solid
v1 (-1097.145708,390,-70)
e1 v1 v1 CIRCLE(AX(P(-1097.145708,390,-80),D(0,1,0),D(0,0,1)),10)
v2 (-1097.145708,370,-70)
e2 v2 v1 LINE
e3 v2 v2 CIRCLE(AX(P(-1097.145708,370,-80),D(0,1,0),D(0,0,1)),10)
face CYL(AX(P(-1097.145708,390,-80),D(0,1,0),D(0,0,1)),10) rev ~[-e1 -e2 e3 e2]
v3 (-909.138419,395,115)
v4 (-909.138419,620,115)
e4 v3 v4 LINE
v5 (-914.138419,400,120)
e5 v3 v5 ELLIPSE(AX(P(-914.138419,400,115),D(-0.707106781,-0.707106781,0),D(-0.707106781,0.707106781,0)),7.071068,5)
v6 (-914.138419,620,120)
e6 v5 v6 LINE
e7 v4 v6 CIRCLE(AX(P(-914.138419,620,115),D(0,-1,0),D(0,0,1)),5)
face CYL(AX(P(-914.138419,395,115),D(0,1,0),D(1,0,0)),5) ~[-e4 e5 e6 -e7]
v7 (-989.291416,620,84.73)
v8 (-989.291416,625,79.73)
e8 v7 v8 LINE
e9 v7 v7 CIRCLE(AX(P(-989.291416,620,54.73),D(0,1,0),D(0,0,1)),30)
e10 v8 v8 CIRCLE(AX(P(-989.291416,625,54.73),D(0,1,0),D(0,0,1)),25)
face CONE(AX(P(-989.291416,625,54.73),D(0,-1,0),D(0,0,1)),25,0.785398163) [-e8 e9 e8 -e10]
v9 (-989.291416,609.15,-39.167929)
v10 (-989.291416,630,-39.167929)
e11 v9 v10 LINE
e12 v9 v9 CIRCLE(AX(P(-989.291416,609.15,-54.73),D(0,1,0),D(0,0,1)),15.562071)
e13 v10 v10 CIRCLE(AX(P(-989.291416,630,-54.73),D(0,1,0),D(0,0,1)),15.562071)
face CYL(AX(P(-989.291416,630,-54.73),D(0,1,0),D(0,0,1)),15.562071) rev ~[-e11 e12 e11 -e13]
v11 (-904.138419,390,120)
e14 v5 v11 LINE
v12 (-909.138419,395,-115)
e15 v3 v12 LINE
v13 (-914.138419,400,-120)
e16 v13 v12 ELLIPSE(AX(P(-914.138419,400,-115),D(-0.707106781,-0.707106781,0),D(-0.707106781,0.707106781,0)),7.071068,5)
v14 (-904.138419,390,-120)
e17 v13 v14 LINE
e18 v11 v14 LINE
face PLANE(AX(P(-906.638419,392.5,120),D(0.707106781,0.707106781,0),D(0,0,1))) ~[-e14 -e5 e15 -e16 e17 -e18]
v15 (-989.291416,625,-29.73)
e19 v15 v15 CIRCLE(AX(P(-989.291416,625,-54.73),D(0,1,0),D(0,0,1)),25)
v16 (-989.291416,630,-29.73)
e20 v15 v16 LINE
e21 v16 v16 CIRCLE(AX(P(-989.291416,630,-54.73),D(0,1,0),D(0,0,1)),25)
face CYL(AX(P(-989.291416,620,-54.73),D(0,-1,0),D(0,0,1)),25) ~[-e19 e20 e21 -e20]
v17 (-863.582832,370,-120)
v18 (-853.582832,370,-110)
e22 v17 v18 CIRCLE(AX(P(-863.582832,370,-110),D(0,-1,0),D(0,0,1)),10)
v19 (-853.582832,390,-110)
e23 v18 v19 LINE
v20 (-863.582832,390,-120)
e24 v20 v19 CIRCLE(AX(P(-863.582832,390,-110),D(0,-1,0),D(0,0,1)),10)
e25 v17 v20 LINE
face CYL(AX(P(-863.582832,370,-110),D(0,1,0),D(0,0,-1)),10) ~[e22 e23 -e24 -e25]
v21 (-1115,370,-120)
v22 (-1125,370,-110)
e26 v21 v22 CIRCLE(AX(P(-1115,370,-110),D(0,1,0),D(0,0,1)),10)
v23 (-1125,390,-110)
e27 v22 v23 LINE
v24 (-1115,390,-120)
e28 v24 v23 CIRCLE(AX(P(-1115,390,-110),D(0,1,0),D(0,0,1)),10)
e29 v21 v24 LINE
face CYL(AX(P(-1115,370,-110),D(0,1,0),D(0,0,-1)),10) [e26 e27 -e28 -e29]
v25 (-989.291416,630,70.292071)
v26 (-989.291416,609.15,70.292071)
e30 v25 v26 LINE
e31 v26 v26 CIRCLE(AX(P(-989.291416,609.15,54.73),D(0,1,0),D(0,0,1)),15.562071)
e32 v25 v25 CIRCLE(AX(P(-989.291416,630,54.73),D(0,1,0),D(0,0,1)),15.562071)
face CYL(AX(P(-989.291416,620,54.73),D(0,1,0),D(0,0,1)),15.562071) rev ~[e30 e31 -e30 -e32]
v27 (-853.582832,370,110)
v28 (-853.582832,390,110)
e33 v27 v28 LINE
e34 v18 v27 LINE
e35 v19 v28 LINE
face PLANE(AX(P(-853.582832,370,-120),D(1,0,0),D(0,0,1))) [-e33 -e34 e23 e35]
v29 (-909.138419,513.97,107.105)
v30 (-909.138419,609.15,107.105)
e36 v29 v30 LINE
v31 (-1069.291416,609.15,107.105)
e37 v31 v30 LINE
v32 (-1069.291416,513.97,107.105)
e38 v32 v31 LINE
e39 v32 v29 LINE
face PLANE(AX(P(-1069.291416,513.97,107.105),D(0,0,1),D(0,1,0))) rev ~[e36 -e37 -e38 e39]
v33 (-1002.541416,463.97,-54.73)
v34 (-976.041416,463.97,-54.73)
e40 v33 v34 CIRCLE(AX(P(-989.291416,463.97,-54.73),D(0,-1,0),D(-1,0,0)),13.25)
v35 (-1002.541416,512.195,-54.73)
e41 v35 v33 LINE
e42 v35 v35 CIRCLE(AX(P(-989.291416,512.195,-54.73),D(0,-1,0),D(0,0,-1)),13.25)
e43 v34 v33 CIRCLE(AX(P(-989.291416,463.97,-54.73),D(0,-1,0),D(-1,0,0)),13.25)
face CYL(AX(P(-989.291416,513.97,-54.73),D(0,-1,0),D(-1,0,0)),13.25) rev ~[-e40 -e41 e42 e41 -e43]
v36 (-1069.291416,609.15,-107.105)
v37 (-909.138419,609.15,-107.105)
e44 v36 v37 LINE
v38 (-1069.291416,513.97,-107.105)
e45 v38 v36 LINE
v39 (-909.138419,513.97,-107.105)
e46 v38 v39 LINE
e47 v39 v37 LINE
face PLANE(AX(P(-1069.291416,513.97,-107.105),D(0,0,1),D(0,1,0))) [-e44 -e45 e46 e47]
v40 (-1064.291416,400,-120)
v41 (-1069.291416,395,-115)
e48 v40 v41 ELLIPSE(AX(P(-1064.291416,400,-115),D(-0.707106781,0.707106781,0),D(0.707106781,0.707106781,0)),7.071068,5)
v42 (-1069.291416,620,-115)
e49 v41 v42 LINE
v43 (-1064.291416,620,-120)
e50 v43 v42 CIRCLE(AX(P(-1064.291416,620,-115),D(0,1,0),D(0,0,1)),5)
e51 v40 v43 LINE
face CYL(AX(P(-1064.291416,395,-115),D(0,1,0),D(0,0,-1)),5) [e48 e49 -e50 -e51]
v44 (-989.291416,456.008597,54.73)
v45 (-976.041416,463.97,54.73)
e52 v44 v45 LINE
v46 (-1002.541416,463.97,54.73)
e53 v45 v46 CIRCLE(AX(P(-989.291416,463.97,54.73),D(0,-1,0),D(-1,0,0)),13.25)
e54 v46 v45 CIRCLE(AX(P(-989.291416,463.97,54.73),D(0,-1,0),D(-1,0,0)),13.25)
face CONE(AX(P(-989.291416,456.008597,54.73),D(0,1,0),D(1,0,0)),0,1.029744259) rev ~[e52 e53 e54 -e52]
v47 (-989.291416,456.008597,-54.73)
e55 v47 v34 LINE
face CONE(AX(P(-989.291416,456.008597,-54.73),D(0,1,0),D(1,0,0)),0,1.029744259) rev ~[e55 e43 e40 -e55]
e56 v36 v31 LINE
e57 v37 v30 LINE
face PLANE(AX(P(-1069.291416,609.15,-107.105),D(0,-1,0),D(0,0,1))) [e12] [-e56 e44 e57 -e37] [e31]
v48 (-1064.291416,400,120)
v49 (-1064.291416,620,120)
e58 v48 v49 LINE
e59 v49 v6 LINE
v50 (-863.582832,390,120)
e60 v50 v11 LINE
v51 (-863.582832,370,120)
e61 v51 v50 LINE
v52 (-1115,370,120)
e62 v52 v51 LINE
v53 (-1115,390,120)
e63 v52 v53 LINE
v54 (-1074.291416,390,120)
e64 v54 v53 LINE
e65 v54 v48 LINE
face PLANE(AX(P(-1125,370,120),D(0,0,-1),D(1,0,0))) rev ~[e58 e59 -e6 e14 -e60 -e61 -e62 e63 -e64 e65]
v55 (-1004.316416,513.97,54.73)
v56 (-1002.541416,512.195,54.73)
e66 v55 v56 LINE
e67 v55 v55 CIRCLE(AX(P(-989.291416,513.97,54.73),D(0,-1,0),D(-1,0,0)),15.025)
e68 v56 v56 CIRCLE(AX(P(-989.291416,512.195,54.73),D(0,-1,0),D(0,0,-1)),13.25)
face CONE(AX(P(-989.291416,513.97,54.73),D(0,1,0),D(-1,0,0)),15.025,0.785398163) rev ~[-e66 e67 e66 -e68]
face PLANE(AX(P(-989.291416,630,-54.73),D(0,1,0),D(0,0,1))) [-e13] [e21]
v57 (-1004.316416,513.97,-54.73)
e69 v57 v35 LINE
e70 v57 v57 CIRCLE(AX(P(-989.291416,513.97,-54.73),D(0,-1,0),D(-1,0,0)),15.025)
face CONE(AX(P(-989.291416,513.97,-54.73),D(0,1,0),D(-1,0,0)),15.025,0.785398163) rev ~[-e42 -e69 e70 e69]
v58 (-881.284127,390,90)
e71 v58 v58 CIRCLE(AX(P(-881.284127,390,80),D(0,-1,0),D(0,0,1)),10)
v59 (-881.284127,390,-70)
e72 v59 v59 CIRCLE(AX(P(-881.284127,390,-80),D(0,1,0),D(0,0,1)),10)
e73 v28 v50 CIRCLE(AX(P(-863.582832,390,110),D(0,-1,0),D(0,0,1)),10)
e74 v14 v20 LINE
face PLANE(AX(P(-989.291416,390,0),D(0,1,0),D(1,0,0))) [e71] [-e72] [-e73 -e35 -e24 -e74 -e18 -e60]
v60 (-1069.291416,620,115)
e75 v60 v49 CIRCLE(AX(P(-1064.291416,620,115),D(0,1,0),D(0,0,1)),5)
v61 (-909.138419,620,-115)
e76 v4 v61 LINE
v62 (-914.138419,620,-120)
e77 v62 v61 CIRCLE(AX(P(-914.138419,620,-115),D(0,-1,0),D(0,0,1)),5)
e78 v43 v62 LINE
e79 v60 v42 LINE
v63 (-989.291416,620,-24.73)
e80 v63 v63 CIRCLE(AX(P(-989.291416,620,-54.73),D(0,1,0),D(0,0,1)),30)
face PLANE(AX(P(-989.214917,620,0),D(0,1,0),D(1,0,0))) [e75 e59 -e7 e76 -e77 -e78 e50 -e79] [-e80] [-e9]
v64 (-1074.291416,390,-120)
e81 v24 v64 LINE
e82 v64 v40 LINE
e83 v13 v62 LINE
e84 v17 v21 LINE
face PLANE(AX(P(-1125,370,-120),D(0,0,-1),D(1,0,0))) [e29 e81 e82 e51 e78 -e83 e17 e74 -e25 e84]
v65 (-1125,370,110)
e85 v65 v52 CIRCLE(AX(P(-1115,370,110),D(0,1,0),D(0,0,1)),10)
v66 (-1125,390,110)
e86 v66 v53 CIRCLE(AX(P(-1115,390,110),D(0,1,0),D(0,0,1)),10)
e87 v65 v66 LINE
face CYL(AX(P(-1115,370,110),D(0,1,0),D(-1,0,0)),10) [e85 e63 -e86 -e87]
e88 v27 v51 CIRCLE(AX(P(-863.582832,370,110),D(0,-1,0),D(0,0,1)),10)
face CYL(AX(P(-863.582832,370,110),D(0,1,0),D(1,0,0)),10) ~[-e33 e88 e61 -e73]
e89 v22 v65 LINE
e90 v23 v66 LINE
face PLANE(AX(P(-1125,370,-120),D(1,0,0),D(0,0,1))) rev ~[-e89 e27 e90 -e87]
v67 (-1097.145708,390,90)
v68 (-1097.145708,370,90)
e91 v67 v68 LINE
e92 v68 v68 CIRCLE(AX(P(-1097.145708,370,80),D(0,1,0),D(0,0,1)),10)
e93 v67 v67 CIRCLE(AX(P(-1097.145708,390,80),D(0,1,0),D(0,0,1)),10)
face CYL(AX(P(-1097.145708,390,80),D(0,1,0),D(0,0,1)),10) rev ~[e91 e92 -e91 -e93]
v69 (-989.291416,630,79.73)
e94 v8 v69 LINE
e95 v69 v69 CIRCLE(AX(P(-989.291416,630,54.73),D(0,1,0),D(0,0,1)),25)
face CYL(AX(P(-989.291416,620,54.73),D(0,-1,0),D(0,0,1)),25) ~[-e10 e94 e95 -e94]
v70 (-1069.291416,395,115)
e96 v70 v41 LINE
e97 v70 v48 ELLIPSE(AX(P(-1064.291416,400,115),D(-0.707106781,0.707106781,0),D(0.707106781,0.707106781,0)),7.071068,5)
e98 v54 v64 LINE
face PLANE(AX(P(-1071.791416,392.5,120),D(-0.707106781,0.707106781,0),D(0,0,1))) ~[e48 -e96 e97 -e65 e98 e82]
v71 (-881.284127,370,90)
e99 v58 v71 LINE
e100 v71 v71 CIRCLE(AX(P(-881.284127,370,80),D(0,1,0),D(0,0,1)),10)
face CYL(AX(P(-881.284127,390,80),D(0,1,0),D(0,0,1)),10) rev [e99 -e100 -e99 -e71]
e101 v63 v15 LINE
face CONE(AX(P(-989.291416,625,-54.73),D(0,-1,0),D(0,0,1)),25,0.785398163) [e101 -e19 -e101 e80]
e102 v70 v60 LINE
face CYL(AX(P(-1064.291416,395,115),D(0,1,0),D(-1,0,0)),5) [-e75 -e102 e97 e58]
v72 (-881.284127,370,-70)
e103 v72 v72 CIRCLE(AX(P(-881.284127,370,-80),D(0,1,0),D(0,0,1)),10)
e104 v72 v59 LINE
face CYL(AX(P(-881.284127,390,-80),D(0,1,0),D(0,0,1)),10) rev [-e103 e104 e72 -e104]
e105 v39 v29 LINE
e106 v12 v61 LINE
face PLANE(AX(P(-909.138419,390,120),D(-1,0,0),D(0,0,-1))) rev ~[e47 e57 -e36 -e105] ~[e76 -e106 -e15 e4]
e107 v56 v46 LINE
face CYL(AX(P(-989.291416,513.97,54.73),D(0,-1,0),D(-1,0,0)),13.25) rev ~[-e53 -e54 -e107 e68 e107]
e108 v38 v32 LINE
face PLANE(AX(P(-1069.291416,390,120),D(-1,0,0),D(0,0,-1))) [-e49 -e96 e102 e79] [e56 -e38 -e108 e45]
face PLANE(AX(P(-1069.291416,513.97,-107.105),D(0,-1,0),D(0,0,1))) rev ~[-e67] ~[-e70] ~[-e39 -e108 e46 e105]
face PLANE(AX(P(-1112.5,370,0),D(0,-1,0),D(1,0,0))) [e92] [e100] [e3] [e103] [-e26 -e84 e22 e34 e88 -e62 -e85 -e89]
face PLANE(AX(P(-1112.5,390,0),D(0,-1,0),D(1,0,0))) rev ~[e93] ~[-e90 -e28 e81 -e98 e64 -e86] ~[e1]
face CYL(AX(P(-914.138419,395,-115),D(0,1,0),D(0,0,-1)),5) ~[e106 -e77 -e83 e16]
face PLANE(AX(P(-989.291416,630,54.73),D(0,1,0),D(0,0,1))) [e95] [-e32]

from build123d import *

# Parameters (mm, degrees)
SKETCH_1_W                    = 221.417168307
SKETCH_1_H                    = 240
EXTRUDE_1_DEPTH               = 20
SKETCH_2_W                    = 160.152997215
SKETCH_2_H                    = 240
EXTRUDE_2_DEPTH               = 230
SKETCH_3_W                    = 214.21
SKETCH_3_H                    = 95.18
CUT_EXTRUDE_1_DEPTH           = 660.673983169
HOLE_WIZARD_M30_1_D           = 26.5
HOLE_WIZARD_M30_1_DEPTH       = 50
HOLE_WIZARD_M30_1_CSINK_D     = 30.05
HOLE_WIZARD_M30_1_CSINK_ANGLE = 90
HOLE_WIZARD_M30_1_TIP         = 7.961403202
SKETCH_11_R                   = 15.562071092
CUT_EXTRUDE_3_DEPTH           = 20
SKETCH_12_R                   = 25
EXTRUDE_3_DEPTH               = 10
SKETCH_13_R                   = 15.562071092
CUT_EXTRUDE_4_DEPTH           = 29.5
SKETCH_14_W                   = 25
SKETCH_14_H                   = 240
EXTRUDE_4_DEPTH               = 20
SKETCH_15_R                   = 10
CUT_EXTRUDE_5_DEPTH           = 25
CHAMFER_1_SIZE                = 5
FILLET_1_R                    = 10
FILLET_2_R                    = 5


with BuildPart() as part:
    # 草图1 → 凸台-拉伸1 (new body)
    with BuildSketch(Plane(origin=(0, 370, 0), x_dir=(1, 0, 0), z_dir=(0, 1, 0))):
        with Locations((-989.291415847, 0)):
            Rectangle(SKETCH_1_W, SKETCH_1_H)
    extrude(amount=EXTRUDE_1_DEPTH)

    # 草图2 → 凸台-拉伸2 (add)
    with BuildSketch(Plane(origin=(0, 390, 0), x_dir=(1, 0, 0), z_dir=(0, 1, 0))):
        with Locations((-989.214917238, 0)):
            Rectangle(SKETCH_2_W, SKETCH_2_H)
    extrude(amount=EXTRUDE_2_DEPTH)

    # 草图3 → 切除-拉伸1 (cut, through all)
    with BuildSketch(Plane.ZY.offset(1069.291415846)):
        with Locations((0, 561.56)):
            Rectangle(SKETCH_3_W, SKETCH_3_H)
    extrude(amount=-CUT_EXTRUDE_1_DEPTH, mode=Mode.SUBTRACT)

    # M30 螺纹孔1
    with Locations(Plane(origin=(0, 513.97, 0), x_dir=(1, 0, 0), z_dir=(0, 1, 0))):
        with Locations((-989.291415846, 54.73), (-989.291415846, -54.73)):
            CounterSinkHole(HOLE_WIZARD_M30_1_D / 2, HOLE_WIZARD_M30_1_CSINK_D / 2, depth=HOLE_WIZARD_M30_1_DEPTH, counter_sink_angle=HOLE_WIZARD_M30_1_CSINK_ANGLE)
            with Locations((0, 0, -(HOLE_WIZARD_M30_1_DEPTH + HOLE_WIZARD_M30_1_TIP / 2))):  # 118° drill point
                Cone(0, HOLE_WIZARD_M30_1_D / 2, HOLE_WIZARD_M30_1_TIP, mode=Mode.SUBTRACT)

    # 草图11 → 切除-拉伸3 (cut)
    with BuildSketch(Plane(origin=(0, 620, 0), x_dir=(1, 0, 0), z_dir=(0, 1, 0))):
        with Locations(Location((-989.291415846, 54.73, 0), (0, 0, 270))):
            Circle(SKETCH_11_R)
        with Locations(Location((-989.291415846, -54.73, 0), (0, 0, 270))):
            Circle(SKETCH_11_R)
    extrude(amount=-CUT_EXTRUDE_3_DEPTH, mode=Mode.SUBTRACT)

    # 草图12 → 凸台-拉伸3 (add)
    with BuildSketch(Plane(origin=(0, 620, 0), x_dir=(1, 0, 0), z_dir=(0, 1, 0))):
        with Locations(Location((-989.291415846, 54.73, 0), (0, 0, 270))):
            Circle(SKETCH_12_R)
        with Locations(Location((-989.291415846, -54.73, 0), (0, 0, 270))):
            Circle(SKETCH_12_R)
    extrude(amount=EXTRUDE_3_DEPTH)

    # 草图13 → 切除-拉伸4 (cut, symmetric)
    with BuildSketch(Plane(origin=(0, 630, 0), x_dir=(1, 0, 0), z_dir=(0, 1, 0))):
        with Locations(Location((-989.291415846, 54.73, 0), (0, 0, 270))):
            Circle(SKETCH_13_R)
        with Locations(Location((-989.291415846, -54.73, 0), (0, 0, 270))):
            Circle(SKETCH_13_R)
    extrude(amount=CUT_EXTRUDE_4_DEPTH, both=True, mode=Mode.SUBTRACT)

    # 草图14 → 凸台-拉伸4 (add)
    with BuildSketch(Plane.XZ.offset(-370)):
        with Locations((-1112.5, 0)):
            Rectangle(SKETCH_14_W, SKETCH_14_H)
        with Locations((-866.082831693, 0)):
            Rectangle(SKETCH_14_W, SKETCH_14_H)
    extrude(amount=-EXTRUDE_4_DEPTH)

    # 草图15 → 切除-拉伸5 (cut, symmetric)
    with BuildSketch(Plane(origin=(0, 390, 0), x_dir=(1, 0, 0), z_dir=(0, 1, 0))):
        with Locations(Location((-1097.145707923, -80, 0), (0, 0, 270))):
            Circle(SKETCH_15_R)
        with Locations(Location((-1097.145707923, 80, 0), (0, 0, 270))):
            Circle(SKETCH_15_R)
    cut_extrude_5 = extrude(amount=CUT_EXTRUDE_5_DEPTH, both=True, mode=Mode.SUBTRACT)

    # 镜向1: 切除-拉伸5 across plane
    add(cut_extrude_5.mirror(Plane.ZY.offset(989.214917239)), mode=Mode.SUBTRACT)

    # 倒角1
    chamfer_1_edges = [part.edges().sort_by_distance(p)[0] for p in [
        (-1069.291415846, 390, 0),
        (-909.138418631, 390, 0),
        (-989.291415846, 620, -79.73),
        (-989.291415846, 620, 29.73),
    ]]
    chamfer(chamfer_1_edges, length=CHAMFER_1_SIZE)

    # 圆角1
    fillet_1_edges = [part.edges().sort_by_distance(p)[0] for p in [
        (-853.582831693, 380, -120),
        (-853.582831693, 380, 120),
        (-1125, 380, 120),
        (-1125, 380, -120),
    ]]
    fillet(fillet_1_edges, radius=FILLET_1_R)

    # 圆角2
    fillet_2_edges = [part.edges().sort_by_distance(p)[0] for p in [
        (-1069.291415846, 507.5, -120),
        (-1069.291415846, 507.5, 120),
        (-909.138418631, 507.5, 120),
        (-909.138418631, 507.5, -120),
    ]]
    fillet(fillet_2_edges, radius=FILLET_2_R)


solid = part.part
